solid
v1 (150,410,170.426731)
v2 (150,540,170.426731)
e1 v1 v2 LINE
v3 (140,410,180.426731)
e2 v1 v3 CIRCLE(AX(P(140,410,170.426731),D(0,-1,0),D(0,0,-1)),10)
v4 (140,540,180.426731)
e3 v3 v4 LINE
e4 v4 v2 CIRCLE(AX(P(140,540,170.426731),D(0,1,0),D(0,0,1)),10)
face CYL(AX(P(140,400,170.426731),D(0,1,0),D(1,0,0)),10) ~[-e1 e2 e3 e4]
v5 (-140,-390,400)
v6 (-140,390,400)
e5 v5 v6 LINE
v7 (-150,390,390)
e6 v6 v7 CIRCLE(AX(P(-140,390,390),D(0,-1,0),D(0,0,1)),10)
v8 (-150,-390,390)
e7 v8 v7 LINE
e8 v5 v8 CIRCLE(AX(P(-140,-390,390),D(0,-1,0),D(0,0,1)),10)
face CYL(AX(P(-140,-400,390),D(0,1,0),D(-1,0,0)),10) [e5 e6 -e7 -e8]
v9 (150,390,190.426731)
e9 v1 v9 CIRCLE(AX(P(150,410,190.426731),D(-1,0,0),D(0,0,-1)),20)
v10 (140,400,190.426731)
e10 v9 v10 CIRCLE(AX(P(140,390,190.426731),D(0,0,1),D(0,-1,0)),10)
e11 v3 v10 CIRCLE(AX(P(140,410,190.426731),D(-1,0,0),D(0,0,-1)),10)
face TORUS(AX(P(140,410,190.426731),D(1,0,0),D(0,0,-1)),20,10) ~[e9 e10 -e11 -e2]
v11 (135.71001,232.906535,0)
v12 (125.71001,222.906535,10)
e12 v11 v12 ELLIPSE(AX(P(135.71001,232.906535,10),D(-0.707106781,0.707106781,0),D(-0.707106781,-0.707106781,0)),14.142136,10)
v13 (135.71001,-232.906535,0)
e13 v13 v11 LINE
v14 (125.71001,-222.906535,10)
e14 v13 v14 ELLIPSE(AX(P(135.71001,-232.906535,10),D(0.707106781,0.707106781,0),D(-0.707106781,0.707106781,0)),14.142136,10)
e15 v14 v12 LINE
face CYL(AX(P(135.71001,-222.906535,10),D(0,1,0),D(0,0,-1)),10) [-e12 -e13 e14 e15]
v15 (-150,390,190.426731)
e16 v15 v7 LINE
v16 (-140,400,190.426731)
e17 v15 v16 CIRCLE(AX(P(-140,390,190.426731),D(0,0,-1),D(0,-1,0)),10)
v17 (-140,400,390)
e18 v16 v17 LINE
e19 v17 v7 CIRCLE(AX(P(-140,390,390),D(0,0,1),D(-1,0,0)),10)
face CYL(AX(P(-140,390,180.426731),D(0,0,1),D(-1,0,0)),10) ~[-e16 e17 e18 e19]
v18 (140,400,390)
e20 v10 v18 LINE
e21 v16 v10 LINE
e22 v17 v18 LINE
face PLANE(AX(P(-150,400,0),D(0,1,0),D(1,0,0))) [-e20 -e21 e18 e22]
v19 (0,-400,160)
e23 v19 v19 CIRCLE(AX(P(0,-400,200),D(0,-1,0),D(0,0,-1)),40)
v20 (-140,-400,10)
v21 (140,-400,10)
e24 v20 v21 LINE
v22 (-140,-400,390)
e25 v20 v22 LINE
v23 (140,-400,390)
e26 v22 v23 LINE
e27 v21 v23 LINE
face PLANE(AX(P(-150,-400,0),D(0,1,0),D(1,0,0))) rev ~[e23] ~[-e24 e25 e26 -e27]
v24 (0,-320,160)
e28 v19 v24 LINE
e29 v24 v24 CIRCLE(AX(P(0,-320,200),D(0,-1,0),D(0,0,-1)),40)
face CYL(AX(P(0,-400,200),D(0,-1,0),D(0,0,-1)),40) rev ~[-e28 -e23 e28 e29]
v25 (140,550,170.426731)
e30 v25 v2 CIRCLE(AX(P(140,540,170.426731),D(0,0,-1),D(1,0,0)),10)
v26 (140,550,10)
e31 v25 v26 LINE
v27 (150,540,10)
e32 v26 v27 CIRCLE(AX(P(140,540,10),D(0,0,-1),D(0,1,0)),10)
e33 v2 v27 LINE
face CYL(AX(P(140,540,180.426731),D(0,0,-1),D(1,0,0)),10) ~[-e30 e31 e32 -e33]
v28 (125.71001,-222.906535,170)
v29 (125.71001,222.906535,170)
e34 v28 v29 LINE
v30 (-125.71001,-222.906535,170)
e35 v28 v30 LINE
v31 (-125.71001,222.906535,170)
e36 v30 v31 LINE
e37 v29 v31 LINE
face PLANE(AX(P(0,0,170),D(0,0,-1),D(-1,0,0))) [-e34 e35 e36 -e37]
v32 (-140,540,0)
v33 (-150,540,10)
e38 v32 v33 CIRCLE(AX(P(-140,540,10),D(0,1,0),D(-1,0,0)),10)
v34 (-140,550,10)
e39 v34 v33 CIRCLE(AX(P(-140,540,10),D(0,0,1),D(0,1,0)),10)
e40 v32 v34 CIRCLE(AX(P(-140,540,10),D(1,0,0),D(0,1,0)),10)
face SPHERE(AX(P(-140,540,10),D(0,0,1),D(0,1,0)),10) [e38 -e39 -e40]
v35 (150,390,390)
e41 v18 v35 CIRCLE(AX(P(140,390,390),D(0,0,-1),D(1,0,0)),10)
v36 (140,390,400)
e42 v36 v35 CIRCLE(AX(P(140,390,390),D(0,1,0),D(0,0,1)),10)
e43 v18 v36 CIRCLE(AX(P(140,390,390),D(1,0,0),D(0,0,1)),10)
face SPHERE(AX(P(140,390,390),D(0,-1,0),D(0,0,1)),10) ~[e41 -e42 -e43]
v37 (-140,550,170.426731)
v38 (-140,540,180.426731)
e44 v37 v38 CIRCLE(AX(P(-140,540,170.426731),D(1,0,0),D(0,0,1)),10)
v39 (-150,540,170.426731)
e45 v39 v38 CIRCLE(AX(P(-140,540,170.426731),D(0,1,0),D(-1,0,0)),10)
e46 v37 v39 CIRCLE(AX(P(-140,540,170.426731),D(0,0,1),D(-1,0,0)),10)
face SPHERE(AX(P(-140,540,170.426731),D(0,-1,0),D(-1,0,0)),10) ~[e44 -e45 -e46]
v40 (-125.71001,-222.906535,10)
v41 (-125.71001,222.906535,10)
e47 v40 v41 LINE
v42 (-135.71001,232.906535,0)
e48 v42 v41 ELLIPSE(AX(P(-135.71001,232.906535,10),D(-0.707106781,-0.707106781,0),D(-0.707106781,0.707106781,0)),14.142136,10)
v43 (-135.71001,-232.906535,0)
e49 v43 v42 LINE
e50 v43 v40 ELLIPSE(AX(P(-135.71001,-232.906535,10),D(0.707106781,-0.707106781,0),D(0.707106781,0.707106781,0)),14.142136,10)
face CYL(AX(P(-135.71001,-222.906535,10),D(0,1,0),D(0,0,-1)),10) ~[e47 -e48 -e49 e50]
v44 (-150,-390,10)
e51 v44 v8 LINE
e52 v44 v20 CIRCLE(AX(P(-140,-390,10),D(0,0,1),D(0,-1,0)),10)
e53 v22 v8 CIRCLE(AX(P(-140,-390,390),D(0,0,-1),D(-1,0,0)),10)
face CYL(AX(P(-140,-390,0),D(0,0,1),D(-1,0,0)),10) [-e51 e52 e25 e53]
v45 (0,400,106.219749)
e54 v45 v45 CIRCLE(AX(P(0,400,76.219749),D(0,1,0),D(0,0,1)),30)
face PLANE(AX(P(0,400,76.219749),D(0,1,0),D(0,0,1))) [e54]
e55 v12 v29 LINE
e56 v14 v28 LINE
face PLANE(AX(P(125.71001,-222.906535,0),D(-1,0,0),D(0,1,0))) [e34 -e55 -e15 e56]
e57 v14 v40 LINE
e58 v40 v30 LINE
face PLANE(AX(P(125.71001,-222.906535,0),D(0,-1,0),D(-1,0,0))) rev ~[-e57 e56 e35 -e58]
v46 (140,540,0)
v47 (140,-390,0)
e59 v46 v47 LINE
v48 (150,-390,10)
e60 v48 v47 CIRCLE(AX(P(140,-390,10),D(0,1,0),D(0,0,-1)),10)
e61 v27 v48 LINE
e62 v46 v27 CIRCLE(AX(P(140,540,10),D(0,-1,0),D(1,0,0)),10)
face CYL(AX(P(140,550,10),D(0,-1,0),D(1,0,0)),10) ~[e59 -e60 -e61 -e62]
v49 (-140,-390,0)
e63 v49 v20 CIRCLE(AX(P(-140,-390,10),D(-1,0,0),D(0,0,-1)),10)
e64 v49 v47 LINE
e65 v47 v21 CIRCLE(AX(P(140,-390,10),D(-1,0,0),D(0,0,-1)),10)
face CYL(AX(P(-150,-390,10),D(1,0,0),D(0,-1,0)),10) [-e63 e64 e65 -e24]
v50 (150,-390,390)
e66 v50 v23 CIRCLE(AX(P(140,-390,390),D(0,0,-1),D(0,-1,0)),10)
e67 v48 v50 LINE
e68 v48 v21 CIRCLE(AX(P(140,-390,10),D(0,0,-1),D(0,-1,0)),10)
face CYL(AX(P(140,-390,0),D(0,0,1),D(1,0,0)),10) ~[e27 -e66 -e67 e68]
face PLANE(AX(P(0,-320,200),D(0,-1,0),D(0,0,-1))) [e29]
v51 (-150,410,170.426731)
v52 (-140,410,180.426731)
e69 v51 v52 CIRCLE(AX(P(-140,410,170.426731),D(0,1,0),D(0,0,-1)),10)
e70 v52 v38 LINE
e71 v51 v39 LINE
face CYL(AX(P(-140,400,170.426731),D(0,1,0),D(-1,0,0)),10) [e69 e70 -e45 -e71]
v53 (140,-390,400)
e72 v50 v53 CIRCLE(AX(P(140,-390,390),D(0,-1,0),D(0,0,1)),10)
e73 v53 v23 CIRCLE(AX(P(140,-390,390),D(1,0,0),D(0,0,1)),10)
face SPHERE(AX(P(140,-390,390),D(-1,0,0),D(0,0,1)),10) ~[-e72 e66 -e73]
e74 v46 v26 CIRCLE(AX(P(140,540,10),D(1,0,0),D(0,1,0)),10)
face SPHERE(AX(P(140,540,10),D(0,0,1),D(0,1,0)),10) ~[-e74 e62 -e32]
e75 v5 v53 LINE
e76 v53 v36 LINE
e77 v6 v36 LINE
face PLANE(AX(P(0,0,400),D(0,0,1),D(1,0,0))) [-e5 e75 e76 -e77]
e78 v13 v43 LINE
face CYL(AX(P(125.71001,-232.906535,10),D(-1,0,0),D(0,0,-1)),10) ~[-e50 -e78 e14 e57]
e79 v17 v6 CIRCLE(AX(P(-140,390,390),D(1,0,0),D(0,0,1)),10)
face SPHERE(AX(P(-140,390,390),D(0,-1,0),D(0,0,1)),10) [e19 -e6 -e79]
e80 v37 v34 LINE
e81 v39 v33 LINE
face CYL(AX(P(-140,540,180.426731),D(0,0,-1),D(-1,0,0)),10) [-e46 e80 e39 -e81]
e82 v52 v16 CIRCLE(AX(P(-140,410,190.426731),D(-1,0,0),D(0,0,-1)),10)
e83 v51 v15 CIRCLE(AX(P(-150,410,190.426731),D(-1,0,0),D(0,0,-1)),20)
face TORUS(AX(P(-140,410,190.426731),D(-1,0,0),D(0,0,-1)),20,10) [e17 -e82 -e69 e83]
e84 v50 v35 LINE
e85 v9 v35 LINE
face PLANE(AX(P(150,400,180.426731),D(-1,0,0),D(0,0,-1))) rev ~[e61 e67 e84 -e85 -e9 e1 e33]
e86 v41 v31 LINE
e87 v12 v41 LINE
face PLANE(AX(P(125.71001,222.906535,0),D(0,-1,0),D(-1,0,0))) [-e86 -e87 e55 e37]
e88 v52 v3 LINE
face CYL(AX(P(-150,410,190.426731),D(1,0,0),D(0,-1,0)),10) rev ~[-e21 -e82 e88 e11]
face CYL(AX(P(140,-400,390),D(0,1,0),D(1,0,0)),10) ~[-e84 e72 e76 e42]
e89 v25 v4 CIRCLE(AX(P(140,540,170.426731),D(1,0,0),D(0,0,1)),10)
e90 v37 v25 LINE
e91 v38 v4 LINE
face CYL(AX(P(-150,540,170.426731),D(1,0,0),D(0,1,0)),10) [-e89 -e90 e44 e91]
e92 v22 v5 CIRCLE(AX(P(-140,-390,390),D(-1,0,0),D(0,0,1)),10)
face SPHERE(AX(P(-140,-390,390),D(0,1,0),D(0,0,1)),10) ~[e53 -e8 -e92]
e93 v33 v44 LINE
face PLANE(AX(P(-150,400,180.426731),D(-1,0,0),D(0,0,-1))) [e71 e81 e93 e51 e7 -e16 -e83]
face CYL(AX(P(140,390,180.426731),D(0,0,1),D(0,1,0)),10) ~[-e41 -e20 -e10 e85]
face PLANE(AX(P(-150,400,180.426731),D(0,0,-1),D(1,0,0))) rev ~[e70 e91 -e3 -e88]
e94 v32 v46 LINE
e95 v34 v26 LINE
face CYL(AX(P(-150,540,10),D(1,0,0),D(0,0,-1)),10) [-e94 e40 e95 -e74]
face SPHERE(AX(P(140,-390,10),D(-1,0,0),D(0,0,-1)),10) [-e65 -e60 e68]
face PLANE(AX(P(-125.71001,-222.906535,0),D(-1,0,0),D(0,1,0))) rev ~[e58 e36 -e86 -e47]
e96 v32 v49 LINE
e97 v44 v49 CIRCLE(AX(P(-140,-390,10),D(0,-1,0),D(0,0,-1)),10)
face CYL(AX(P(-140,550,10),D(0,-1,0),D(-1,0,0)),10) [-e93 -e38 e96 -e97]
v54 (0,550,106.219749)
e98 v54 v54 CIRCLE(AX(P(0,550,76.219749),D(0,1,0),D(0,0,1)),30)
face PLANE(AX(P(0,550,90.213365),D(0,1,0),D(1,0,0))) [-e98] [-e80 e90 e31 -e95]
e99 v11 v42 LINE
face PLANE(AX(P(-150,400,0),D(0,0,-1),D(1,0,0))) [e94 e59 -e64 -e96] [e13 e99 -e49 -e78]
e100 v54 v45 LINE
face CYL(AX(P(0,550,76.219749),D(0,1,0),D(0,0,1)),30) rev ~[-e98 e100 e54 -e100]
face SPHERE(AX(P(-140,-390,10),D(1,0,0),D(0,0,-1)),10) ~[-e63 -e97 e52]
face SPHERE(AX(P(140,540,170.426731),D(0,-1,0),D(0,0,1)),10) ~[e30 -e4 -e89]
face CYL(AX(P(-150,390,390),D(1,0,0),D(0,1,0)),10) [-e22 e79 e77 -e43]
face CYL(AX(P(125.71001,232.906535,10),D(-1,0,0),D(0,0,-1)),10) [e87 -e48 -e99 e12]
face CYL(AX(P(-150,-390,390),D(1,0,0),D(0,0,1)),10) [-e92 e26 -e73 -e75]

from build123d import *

# Parameters (mm, degrees)
SKETCH1_W           = 300
SKETCH1_H           = 800
BOSS_EXTRUDE1_DEPTH = 400
SKETCH3_W           = 300
SKETCH3_H           = 180.426730866
BOSS_EXTRUDE4_DEPTH = 150
FILLET6_R           = 10
SKETCH4_R           = 30
CUT_EXTRUDE1_DEPTH  = 150
SKETCH7_W           = 251.42002043
SKETCH7_H           = 445.81306925
CUT_EXTRUDE5_DEPTH  = 170
SKETCH8_R           = 40
CUT_EXTRUDE6_DEPTH  = 80
FILLET8_R           = 10


with BuildPart() as part:
    # Sketch1 → Boss-Extrude1 (new body)
    with BuildSketch(Plane.XY):
        Rectangle(SKETCH1_W, SKETCH1_H)
    extrude(amount=BOSS_EXTRUDE1_DEPTH)

    # Sketch3 → Boss-Extrude4 (add)
    with BuildSketch(Plane(origin=(0, 400, 0), x_dir=(1, 0, 0), z_dir=(0, 1, 0))):
        with Locations((0, -90.213365433)):
            Rectangle(SKETCH3_W, SKETCH3_H)
    extrude(amount=BOSS_EXTRUDE4_DEPTH)

    # Fillet6
    fillet6_edges = [part.edges().sort_by_distance(p)[0] for p in [
        (-150, 0, 400),
        (0, -400, 400),
        (0, 400, 180.426730866),
        (-150, 475, 180.426730866),
        (150, 475, 180.426730866),
        (-150, 550, 90.213365433),
        (0, 550, 180.426730866),
        (150, 550, 90.213365433),
        (0, 550, 0),
        (150, 0, 400),
        (0, -400, 0),
        (-150, 75, 0),
        (150, 75, 0),
        (0, 400, 400),
        (150, -400, 200),
        (-150, -400, 200),
        (-150, 400, 290.213365433),
        (150, 400, 290.213365433),
    ]]
    fillet(fillet6_edges, radius=FILLET6_R)

    # Sketch4 → Cut-Extrude1 (cut)
    with BuildSketch(Plane(origin=(0, 550, 0), x_dir=(1, 0, 0), z_dir=(0, 1, 0))):
        with Locations(Location((0, -76.219748714, 0), (0, 0, 270))):
            Circle(SKETCH4_R)
    extrude(amount=-CUT_EXTRUDE1_DEPTH, mode=Mode.SUBTRACT)

    # Sketch7 → Cut-Extrude5 (cut)
    with BuildSketch(Plane(origin=(0, 0, 0), x_dir=(-1, 0, 0), z_dir=(0, 0, -1))):
        Rectangle(SKETCH7_W, SKETCH7_H)
    extrude(amount=-CUT_EXTRUDE5_DEPTH, mode=Mode.SUBTRACT)

    # Sketch8 → Cut-Extrude6 (cut)
    with BuildSketch(Plane.XZ.offset(400)):
        with Locations(Location((0, 200, 0), (0, 0, 270))):
            Circle(SKETCH8_R)
    extrude(amount=-CUT_EXTRUDE6_DEPTH, mode=Mode.SUBTRACT)

    # Fillet8
    fillet8_edges = [part.edges().sort_by_distance(p)[0] for p in [
        (-125.710010215, 0, 0),
        (0, 222.906534625, 0),
        (125.710010215, 0, 0),
        (0, -222.906534625, 0),
    ]]
    fillet(fillet8_edges, radius=FILLET8_R)


solid = part.part
